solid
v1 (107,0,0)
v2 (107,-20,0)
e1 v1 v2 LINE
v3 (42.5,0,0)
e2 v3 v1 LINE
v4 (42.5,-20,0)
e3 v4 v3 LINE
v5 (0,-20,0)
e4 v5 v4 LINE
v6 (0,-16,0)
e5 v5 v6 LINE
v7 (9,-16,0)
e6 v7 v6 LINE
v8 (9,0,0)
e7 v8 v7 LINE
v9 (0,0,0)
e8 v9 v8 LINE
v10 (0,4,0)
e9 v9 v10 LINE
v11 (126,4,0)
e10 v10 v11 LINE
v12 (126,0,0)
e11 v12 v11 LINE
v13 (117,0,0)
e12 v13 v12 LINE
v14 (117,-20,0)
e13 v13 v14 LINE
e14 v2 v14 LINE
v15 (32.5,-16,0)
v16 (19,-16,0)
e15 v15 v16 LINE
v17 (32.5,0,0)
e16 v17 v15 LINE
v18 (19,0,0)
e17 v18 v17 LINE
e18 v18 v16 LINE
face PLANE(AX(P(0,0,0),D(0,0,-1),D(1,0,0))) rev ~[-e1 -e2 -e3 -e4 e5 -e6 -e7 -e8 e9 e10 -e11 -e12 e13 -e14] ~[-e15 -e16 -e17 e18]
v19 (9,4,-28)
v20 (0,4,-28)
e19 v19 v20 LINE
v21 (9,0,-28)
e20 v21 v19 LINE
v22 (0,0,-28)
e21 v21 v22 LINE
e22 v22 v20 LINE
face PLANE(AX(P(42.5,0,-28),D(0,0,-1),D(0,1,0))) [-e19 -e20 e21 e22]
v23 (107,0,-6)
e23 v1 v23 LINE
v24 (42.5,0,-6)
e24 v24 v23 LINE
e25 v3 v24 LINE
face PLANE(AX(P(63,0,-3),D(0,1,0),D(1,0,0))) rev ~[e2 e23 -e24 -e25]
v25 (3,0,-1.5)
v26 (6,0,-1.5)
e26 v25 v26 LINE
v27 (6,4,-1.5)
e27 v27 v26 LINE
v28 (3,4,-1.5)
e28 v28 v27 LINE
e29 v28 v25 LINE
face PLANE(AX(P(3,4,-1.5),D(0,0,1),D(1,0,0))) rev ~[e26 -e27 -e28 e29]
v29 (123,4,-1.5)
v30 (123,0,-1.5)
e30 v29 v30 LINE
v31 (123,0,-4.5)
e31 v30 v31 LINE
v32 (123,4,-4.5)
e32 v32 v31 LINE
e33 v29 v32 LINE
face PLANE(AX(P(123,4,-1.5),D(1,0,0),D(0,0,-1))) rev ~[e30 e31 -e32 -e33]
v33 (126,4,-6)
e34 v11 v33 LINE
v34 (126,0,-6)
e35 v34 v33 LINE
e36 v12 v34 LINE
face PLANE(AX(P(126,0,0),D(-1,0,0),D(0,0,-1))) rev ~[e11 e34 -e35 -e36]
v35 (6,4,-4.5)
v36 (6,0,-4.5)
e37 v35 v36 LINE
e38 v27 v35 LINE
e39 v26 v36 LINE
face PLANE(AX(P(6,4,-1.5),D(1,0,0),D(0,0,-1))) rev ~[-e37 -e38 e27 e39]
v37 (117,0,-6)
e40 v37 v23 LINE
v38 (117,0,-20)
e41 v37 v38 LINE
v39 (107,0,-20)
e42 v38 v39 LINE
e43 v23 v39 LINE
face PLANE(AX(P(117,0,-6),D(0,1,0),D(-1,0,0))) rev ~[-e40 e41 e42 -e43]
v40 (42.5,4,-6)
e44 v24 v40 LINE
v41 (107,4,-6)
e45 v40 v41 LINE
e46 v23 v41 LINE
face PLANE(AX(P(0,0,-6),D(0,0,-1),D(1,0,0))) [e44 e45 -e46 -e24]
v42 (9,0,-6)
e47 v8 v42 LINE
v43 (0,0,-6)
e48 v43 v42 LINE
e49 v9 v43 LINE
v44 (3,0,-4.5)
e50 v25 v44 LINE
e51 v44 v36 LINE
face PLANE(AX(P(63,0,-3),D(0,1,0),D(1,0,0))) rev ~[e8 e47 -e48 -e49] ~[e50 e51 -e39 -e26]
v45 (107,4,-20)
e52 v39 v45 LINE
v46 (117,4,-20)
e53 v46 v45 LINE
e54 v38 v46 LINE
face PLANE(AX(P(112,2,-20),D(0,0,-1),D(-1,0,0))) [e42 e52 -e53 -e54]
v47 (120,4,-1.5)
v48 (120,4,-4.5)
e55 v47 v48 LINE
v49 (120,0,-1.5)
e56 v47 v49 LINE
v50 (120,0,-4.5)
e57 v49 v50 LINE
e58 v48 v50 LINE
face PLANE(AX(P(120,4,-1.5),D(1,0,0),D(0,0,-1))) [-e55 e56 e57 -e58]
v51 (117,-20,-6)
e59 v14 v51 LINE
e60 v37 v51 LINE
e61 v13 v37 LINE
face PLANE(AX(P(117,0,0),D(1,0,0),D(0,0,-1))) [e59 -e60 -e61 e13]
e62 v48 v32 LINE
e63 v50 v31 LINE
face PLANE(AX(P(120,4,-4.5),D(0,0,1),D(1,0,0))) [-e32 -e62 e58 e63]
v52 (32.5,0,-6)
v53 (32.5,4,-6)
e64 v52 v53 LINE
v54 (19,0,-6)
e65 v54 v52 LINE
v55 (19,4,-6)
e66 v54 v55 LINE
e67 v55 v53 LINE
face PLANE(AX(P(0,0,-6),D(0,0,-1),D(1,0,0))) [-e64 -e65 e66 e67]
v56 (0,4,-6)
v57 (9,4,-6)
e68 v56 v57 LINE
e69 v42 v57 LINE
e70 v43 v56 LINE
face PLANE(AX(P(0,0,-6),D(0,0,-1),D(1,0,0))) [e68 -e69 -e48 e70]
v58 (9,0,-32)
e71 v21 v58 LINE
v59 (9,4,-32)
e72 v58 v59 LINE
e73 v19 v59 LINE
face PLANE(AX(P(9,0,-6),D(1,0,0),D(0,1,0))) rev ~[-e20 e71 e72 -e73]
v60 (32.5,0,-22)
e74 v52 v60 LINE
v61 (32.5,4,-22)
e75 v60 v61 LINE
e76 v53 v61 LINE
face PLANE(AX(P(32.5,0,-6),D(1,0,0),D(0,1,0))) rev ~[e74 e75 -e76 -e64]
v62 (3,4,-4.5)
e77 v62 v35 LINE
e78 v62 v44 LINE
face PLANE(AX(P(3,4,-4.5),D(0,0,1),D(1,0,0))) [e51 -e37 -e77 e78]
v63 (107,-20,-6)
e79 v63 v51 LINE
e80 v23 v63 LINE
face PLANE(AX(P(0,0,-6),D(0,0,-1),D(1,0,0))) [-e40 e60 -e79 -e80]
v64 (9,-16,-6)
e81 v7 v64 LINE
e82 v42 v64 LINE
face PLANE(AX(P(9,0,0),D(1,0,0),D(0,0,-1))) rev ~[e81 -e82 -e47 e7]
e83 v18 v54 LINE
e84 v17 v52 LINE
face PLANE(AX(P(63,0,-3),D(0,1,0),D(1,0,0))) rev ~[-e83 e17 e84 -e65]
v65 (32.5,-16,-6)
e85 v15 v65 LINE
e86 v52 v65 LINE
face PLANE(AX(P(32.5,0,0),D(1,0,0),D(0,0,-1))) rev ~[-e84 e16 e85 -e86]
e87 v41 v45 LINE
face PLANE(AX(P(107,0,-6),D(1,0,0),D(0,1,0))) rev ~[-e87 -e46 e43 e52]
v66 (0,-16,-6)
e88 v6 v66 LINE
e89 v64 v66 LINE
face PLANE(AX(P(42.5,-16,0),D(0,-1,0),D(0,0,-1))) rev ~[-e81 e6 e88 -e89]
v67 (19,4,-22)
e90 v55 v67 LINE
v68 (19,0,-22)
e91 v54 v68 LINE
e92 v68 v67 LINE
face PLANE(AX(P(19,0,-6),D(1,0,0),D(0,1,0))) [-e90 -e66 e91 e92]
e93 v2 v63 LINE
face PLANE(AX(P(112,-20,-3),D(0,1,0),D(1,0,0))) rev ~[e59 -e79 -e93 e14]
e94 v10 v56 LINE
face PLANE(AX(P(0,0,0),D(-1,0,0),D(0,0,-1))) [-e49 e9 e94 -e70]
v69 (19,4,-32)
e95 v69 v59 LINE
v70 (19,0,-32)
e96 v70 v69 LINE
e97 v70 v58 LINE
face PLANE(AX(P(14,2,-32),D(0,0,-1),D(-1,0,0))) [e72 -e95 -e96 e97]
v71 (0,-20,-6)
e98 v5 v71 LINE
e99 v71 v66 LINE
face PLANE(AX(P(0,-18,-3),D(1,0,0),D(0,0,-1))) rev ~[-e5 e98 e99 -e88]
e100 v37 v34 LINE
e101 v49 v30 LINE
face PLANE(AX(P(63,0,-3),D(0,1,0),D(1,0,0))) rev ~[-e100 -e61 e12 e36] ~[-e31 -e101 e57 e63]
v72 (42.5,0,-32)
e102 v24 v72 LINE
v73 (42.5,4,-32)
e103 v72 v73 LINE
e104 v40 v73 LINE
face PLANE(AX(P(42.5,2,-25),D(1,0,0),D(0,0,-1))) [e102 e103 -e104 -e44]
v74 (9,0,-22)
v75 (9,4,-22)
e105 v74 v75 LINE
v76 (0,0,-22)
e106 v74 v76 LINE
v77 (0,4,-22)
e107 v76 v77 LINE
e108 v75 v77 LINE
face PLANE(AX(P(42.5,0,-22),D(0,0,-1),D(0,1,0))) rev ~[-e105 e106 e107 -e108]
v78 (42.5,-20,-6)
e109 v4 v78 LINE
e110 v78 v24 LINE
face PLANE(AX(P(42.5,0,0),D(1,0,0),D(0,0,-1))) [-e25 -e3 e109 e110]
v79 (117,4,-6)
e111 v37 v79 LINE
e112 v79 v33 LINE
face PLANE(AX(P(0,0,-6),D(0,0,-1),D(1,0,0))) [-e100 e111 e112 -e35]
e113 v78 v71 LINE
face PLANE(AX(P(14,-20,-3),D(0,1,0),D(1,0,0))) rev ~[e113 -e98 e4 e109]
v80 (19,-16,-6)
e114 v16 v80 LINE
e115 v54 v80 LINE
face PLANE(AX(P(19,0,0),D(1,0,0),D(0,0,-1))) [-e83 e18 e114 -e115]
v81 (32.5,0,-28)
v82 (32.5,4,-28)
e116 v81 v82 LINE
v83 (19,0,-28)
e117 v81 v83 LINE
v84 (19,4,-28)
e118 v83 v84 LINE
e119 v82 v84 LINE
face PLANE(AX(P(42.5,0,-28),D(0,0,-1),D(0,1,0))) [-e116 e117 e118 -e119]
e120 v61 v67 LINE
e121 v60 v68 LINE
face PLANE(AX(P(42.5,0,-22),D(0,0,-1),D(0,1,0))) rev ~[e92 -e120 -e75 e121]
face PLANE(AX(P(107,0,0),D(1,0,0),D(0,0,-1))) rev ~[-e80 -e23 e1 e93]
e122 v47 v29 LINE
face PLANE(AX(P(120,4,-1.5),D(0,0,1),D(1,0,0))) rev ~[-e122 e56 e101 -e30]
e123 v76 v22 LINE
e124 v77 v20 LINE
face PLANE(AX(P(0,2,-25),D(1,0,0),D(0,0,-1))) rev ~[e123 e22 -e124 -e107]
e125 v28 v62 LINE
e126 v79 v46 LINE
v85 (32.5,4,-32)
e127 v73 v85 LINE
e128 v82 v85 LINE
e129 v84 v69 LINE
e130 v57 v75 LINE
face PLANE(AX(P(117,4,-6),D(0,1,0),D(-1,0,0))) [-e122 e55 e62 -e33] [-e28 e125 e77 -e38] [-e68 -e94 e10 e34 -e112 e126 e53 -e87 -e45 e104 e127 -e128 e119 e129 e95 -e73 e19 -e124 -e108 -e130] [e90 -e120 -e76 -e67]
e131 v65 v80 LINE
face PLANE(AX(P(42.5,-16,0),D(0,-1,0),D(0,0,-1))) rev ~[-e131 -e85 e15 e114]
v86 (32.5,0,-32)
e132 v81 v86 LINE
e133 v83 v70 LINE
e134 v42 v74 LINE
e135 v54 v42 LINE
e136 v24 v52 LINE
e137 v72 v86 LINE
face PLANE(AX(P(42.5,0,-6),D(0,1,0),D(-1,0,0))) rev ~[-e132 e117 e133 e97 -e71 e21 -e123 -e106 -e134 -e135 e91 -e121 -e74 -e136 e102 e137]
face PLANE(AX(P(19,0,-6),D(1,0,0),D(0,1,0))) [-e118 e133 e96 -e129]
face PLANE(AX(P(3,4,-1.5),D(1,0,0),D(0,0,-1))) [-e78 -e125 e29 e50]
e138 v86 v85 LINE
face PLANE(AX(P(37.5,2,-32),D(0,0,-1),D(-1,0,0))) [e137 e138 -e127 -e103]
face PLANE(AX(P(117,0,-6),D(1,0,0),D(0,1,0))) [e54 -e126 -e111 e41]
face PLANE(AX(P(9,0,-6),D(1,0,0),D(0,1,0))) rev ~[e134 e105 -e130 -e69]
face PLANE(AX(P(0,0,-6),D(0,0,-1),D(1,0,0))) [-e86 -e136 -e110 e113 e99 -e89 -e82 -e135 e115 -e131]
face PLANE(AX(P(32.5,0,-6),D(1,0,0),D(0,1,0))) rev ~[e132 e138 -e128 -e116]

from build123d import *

# Parameters (mm, degrees)
SKETCH1_W           = 126
SKETCH1_H           = 6
BOSS_EXTRUDE1_DEPTH = 4
SKETCH2_W           = 3
SKETCH2_H           = 3
CUT_EXTRUDE1_DEPTH  = 4
SKETCH3_W           = 10
SKETCH3_H           = 6
BOSS_EXTRUDE2_DEPTH = 20
SKETCH4_W           = 10
SKETCH4_H           = 4
BOSS_EXTRUDE3_DEPTH = 26
SKETCH5_W           = 6
SKETCH5_H           = 4
BOSS_EXTRUDE4_DEPTH = 42.5
SKETCH6_W           = 10
SKETCH6_H           = 4
BOSS_EXTRUDE5_DEPTH = 14


with BuildPart() as part:
    # Sketch1 → Boss-Extrude1 (new body)
    with BuildSketch(Plane(origin=(0, 0, 0), x_dir=(1, 0, 0), z_dir=(0, 1, 0))):
        with Locations((63, 3)):
            Rectangle(SKETCH1_W, SKETCH1_H)
    extrude(amount=BOSS_EXTRUDE1_DEPTH)

    # Sketch2 → Cut-Extrude1 (cut)
    with BuildSketch(Plane(origin=(0, 4, 0), x_dir=(1, 0, 0), z_dir=(0, 1, 0))):
        with Locations((121.5, 3)):
            Rectangle(SKETCH2_W, SKETCH2_H)
        with Locations((4.5, 3)):
            Rectangle(SKETCH2_W, SKETCH2_H)
    extrude(amount=-CUT_EXTRUDE1_DEPTH, mode=Mode.SUBTRACT)

    # Sketch3 → Boss-Extrude2 (add)
    with BuildSketch(Plane(origin=(0, 0, 0), x_dir=(1, 0, 0), z_dir=(0, 1, 0))):
        with Locations((14, 3)):
            Rectangle(SKETCH3_W, SKETCH3_H)
        with Locations((112, 3)):
            Rectangle(SKETCH3_W, SKETCH3_H)
        with Locations((37.5, 3)):
            Rectangle(SKETCH3_W, SKETCH3_H)
    extrude(amount=-BOSS_EXTRUDE2_DEPTH)

    # Sketch4 → Boss-Extrude3 (add)
    with BuildSketch(Plane(origin=(0, 0, -6), x_dir=(-1, 0, 0), z_dir=(0, 0, -1))):
        with Locations((-14, 2)):
            Rectangle(SKETCH4_W, SKETCH4_H)
        with Locations((-37.5, 2)):
            Rectangle(SKETCH4_W, SKETCH4_H)
    extrude(amount=BOSS_EXTRUDE3_DEPTH)

    # Sketch5 → Boss-Extrude4 (add)
    with BuildSketch(Plane(origin=(42.5, 0, 0), x_dir=(0, 0, -1), z_dir=(1, 0, 0))):
        with Locations((25, 2)):
            Rectangle(SKETCH5_W, SKETCH5_H)
        with Locations((3, -18)):
            Rectangle(SKETCH5_W, SKETCH5_H)
    extrude(amount=-BOSS_EXTRUDE4_DEPTH)

    # Sketch6 → Boss-Extrude5 (add)
    with BuildSketch(Plane(origin=(0, 0, -6), x_dir=(-1, 0, 0), z_dir=(0, 0, -1))):
        with Locations((-112, 2)):
            Rectangle(SKETCH6_W, SKETCH6_H)
    extrude(amount=BOSS_EXTRUDE5_DEPTH)


solid = part.part
